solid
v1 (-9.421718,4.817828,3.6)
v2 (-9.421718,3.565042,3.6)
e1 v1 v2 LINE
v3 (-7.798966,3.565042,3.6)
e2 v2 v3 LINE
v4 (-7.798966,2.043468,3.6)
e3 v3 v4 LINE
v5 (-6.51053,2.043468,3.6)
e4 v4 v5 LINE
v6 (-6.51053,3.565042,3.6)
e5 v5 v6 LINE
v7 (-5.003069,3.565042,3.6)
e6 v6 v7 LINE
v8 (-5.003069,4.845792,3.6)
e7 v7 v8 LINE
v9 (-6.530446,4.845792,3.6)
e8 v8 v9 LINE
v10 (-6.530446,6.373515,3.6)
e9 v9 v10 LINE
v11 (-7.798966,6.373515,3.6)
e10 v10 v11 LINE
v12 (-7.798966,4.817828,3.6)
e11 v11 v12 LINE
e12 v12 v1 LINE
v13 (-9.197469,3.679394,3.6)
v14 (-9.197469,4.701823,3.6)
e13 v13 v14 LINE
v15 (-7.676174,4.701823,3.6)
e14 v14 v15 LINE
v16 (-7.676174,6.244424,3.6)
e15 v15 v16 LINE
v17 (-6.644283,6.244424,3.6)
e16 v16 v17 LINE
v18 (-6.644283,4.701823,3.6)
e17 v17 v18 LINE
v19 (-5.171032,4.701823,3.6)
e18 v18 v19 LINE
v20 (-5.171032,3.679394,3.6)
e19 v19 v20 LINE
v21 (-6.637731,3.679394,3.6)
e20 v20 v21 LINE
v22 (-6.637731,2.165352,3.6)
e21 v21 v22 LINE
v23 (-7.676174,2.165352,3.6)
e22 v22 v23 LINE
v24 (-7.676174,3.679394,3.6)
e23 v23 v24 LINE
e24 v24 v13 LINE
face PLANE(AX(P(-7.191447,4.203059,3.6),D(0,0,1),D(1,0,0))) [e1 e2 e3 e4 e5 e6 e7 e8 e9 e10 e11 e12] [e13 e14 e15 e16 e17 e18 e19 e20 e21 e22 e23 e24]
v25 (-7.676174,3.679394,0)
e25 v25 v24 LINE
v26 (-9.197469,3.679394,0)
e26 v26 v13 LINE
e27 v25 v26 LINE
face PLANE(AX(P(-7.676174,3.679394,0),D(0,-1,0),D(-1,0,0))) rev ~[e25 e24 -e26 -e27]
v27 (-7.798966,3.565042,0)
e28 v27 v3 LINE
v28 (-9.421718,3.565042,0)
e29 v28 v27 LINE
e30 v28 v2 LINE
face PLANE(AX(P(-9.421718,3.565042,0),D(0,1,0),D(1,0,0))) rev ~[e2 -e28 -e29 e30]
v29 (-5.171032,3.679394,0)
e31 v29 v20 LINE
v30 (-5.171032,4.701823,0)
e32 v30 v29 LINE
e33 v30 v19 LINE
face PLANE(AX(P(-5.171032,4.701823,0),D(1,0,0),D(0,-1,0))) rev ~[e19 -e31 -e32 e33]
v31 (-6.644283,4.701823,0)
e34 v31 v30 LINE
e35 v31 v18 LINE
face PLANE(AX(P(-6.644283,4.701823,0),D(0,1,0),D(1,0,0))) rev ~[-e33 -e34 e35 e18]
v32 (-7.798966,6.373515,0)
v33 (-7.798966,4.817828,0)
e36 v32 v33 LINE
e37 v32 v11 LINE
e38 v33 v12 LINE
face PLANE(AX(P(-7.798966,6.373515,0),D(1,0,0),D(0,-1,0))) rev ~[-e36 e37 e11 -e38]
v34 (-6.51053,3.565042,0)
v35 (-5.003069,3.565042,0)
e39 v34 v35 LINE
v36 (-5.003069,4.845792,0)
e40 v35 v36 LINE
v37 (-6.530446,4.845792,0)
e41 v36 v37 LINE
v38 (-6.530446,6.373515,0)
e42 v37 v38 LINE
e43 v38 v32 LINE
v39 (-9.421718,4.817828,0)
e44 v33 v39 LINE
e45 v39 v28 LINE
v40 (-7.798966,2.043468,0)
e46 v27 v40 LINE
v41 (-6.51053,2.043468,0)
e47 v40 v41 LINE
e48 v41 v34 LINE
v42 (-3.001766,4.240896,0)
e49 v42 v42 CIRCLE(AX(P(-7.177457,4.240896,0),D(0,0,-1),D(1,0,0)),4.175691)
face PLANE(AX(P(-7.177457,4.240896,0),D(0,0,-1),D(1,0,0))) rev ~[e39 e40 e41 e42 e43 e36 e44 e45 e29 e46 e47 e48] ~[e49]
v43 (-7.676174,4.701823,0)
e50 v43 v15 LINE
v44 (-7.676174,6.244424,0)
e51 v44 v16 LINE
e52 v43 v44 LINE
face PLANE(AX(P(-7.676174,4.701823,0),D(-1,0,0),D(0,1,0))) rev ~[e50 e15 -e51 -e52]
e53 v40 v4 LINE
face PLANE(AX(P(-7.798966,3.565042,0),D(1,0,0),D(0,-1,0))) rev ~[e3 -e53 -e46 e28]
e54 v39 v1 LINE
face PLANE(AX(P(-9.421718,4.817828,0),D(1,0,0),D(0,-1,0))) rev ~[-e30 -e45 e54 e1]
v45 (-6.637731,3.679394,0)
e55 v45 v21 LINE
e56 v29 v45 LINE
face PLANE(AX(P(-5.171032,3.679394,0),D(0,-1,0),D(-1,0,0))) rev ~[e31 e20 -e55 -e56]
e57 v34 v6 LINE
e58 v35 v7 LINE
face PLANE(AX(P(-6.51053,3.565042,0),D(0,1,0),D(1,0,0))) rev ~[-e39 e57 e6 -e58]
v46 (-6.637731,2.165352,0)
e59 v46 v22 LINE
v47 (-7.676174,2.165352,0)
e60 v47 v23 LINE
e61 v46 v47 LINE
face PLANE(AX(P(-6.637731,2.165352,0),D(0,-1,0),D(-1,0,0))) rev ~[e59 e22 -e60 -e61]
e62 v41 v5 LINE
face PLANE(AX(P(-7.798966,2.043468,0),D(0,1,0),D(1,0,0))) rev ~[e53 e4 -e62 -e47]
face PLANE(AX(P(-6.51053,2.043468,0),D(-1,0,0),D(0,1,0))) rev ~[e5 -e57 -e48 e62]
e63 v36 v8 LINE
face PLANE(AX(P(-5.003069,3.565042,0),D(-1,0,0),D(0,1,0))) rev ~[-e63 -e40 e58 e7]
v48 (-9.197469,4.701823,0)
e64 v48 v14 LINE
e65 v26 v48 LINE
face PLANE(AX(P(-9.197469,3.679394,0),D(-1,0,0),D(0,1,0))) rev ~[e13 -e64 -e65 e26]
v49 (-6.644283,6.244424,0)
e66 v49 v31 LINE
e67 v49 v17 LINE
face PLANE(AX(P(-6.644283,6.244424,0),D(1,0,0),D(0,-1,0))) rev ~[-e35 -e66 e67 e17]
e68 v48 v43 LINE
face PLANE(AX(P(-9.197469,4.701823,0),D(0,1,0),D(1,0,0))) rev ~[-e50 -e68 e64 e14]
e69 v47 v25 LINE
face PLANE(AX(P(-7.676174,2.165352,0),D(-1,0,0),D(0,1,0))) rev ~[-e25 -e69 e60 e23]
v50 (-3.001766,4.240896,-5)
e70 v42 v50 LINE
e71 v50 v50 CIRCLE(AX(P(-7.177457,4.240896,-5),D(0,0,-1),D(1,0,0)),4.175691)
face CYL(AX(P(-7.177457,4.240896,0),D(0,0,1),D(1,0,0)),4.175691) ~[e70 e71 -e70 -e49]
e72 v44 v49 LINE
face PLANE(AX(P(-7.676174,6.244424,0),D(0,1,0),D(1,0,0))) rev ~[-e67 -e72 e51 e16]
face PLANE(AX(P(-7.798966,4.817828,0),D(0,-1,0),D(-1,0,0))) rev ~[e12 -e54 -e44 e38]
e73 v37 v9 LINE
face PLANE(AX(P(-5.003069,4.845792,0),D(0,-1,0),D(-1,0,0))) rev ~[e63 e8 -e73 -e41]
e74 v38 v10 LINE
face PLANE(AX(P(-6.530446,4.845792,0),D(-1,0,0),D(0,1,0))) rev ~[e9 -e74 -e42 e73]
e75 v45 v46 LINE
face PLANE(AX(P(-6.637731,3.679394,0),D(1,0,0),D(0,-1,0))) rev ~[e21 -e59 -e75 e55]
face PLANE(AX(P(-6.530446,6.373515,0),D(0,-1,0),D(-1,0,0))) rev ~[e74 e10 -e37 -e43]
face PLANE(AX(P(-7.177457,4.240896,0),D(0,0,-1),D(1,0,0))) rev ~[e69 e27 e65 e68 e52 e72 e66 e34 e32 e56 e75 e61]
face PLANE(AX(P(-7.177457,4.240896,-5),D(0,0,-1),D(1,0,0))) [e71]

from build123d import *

# Parameters (mm, degrees)
F1_DEPTH = 3.6
F2_R     = 4.175691
F3_DEPTH = 5


with BuildPart() as f1:
    # F0 (on Top) → F1 (new body)
    with BuildSketch(Plane.XY):
        Polygon((-7.798966, 3.565042), (-7.798966, 3.40516), (-7.798966, 2.043468), (-6.51053, 2.043468), (-6.51053, 3.565042), (-5.003069, 3.565042), (-5.003069, 4.845792), (-6.530446, 4.845792), (-6.530446, 6.373515), (-7.798966, 6.373515), (-7.798966, 4.817828), (-9.421718, 4.817828), (-9.421718, 3.565042), align=None)
        Polygon((-7.676174, 4.701823), (-7.676174, 6.222657), (-7.676174, 6.244424), (-6.644283, 6.244424), (-6.644283, 4.701823), (-5.171032, 4.701823), (-5.171032, 3.679394), (-6.637731, 3.679394), (-6.637731, 2.165352), (-7.676174, 2.165352), (-7.676174, 3.679394), (-9.197469, 3.679394), (-9.197469, 4.701823), align=None, mode=Mode.SUBTRACT)
    extrude(amount=F1_DEPTH)

    # F2 (on face) → F3 (join)
    with BuildSketch(Plane(origin=(0, 0, 0), x_dir=(1, 0, 0), z_dir=(0, 0, -1))):
        with Locations((-7.177457, -4.240896)):
            Circle(F2_R)
    extrude(amount=F3_DEPTH)


solid = f1.part
